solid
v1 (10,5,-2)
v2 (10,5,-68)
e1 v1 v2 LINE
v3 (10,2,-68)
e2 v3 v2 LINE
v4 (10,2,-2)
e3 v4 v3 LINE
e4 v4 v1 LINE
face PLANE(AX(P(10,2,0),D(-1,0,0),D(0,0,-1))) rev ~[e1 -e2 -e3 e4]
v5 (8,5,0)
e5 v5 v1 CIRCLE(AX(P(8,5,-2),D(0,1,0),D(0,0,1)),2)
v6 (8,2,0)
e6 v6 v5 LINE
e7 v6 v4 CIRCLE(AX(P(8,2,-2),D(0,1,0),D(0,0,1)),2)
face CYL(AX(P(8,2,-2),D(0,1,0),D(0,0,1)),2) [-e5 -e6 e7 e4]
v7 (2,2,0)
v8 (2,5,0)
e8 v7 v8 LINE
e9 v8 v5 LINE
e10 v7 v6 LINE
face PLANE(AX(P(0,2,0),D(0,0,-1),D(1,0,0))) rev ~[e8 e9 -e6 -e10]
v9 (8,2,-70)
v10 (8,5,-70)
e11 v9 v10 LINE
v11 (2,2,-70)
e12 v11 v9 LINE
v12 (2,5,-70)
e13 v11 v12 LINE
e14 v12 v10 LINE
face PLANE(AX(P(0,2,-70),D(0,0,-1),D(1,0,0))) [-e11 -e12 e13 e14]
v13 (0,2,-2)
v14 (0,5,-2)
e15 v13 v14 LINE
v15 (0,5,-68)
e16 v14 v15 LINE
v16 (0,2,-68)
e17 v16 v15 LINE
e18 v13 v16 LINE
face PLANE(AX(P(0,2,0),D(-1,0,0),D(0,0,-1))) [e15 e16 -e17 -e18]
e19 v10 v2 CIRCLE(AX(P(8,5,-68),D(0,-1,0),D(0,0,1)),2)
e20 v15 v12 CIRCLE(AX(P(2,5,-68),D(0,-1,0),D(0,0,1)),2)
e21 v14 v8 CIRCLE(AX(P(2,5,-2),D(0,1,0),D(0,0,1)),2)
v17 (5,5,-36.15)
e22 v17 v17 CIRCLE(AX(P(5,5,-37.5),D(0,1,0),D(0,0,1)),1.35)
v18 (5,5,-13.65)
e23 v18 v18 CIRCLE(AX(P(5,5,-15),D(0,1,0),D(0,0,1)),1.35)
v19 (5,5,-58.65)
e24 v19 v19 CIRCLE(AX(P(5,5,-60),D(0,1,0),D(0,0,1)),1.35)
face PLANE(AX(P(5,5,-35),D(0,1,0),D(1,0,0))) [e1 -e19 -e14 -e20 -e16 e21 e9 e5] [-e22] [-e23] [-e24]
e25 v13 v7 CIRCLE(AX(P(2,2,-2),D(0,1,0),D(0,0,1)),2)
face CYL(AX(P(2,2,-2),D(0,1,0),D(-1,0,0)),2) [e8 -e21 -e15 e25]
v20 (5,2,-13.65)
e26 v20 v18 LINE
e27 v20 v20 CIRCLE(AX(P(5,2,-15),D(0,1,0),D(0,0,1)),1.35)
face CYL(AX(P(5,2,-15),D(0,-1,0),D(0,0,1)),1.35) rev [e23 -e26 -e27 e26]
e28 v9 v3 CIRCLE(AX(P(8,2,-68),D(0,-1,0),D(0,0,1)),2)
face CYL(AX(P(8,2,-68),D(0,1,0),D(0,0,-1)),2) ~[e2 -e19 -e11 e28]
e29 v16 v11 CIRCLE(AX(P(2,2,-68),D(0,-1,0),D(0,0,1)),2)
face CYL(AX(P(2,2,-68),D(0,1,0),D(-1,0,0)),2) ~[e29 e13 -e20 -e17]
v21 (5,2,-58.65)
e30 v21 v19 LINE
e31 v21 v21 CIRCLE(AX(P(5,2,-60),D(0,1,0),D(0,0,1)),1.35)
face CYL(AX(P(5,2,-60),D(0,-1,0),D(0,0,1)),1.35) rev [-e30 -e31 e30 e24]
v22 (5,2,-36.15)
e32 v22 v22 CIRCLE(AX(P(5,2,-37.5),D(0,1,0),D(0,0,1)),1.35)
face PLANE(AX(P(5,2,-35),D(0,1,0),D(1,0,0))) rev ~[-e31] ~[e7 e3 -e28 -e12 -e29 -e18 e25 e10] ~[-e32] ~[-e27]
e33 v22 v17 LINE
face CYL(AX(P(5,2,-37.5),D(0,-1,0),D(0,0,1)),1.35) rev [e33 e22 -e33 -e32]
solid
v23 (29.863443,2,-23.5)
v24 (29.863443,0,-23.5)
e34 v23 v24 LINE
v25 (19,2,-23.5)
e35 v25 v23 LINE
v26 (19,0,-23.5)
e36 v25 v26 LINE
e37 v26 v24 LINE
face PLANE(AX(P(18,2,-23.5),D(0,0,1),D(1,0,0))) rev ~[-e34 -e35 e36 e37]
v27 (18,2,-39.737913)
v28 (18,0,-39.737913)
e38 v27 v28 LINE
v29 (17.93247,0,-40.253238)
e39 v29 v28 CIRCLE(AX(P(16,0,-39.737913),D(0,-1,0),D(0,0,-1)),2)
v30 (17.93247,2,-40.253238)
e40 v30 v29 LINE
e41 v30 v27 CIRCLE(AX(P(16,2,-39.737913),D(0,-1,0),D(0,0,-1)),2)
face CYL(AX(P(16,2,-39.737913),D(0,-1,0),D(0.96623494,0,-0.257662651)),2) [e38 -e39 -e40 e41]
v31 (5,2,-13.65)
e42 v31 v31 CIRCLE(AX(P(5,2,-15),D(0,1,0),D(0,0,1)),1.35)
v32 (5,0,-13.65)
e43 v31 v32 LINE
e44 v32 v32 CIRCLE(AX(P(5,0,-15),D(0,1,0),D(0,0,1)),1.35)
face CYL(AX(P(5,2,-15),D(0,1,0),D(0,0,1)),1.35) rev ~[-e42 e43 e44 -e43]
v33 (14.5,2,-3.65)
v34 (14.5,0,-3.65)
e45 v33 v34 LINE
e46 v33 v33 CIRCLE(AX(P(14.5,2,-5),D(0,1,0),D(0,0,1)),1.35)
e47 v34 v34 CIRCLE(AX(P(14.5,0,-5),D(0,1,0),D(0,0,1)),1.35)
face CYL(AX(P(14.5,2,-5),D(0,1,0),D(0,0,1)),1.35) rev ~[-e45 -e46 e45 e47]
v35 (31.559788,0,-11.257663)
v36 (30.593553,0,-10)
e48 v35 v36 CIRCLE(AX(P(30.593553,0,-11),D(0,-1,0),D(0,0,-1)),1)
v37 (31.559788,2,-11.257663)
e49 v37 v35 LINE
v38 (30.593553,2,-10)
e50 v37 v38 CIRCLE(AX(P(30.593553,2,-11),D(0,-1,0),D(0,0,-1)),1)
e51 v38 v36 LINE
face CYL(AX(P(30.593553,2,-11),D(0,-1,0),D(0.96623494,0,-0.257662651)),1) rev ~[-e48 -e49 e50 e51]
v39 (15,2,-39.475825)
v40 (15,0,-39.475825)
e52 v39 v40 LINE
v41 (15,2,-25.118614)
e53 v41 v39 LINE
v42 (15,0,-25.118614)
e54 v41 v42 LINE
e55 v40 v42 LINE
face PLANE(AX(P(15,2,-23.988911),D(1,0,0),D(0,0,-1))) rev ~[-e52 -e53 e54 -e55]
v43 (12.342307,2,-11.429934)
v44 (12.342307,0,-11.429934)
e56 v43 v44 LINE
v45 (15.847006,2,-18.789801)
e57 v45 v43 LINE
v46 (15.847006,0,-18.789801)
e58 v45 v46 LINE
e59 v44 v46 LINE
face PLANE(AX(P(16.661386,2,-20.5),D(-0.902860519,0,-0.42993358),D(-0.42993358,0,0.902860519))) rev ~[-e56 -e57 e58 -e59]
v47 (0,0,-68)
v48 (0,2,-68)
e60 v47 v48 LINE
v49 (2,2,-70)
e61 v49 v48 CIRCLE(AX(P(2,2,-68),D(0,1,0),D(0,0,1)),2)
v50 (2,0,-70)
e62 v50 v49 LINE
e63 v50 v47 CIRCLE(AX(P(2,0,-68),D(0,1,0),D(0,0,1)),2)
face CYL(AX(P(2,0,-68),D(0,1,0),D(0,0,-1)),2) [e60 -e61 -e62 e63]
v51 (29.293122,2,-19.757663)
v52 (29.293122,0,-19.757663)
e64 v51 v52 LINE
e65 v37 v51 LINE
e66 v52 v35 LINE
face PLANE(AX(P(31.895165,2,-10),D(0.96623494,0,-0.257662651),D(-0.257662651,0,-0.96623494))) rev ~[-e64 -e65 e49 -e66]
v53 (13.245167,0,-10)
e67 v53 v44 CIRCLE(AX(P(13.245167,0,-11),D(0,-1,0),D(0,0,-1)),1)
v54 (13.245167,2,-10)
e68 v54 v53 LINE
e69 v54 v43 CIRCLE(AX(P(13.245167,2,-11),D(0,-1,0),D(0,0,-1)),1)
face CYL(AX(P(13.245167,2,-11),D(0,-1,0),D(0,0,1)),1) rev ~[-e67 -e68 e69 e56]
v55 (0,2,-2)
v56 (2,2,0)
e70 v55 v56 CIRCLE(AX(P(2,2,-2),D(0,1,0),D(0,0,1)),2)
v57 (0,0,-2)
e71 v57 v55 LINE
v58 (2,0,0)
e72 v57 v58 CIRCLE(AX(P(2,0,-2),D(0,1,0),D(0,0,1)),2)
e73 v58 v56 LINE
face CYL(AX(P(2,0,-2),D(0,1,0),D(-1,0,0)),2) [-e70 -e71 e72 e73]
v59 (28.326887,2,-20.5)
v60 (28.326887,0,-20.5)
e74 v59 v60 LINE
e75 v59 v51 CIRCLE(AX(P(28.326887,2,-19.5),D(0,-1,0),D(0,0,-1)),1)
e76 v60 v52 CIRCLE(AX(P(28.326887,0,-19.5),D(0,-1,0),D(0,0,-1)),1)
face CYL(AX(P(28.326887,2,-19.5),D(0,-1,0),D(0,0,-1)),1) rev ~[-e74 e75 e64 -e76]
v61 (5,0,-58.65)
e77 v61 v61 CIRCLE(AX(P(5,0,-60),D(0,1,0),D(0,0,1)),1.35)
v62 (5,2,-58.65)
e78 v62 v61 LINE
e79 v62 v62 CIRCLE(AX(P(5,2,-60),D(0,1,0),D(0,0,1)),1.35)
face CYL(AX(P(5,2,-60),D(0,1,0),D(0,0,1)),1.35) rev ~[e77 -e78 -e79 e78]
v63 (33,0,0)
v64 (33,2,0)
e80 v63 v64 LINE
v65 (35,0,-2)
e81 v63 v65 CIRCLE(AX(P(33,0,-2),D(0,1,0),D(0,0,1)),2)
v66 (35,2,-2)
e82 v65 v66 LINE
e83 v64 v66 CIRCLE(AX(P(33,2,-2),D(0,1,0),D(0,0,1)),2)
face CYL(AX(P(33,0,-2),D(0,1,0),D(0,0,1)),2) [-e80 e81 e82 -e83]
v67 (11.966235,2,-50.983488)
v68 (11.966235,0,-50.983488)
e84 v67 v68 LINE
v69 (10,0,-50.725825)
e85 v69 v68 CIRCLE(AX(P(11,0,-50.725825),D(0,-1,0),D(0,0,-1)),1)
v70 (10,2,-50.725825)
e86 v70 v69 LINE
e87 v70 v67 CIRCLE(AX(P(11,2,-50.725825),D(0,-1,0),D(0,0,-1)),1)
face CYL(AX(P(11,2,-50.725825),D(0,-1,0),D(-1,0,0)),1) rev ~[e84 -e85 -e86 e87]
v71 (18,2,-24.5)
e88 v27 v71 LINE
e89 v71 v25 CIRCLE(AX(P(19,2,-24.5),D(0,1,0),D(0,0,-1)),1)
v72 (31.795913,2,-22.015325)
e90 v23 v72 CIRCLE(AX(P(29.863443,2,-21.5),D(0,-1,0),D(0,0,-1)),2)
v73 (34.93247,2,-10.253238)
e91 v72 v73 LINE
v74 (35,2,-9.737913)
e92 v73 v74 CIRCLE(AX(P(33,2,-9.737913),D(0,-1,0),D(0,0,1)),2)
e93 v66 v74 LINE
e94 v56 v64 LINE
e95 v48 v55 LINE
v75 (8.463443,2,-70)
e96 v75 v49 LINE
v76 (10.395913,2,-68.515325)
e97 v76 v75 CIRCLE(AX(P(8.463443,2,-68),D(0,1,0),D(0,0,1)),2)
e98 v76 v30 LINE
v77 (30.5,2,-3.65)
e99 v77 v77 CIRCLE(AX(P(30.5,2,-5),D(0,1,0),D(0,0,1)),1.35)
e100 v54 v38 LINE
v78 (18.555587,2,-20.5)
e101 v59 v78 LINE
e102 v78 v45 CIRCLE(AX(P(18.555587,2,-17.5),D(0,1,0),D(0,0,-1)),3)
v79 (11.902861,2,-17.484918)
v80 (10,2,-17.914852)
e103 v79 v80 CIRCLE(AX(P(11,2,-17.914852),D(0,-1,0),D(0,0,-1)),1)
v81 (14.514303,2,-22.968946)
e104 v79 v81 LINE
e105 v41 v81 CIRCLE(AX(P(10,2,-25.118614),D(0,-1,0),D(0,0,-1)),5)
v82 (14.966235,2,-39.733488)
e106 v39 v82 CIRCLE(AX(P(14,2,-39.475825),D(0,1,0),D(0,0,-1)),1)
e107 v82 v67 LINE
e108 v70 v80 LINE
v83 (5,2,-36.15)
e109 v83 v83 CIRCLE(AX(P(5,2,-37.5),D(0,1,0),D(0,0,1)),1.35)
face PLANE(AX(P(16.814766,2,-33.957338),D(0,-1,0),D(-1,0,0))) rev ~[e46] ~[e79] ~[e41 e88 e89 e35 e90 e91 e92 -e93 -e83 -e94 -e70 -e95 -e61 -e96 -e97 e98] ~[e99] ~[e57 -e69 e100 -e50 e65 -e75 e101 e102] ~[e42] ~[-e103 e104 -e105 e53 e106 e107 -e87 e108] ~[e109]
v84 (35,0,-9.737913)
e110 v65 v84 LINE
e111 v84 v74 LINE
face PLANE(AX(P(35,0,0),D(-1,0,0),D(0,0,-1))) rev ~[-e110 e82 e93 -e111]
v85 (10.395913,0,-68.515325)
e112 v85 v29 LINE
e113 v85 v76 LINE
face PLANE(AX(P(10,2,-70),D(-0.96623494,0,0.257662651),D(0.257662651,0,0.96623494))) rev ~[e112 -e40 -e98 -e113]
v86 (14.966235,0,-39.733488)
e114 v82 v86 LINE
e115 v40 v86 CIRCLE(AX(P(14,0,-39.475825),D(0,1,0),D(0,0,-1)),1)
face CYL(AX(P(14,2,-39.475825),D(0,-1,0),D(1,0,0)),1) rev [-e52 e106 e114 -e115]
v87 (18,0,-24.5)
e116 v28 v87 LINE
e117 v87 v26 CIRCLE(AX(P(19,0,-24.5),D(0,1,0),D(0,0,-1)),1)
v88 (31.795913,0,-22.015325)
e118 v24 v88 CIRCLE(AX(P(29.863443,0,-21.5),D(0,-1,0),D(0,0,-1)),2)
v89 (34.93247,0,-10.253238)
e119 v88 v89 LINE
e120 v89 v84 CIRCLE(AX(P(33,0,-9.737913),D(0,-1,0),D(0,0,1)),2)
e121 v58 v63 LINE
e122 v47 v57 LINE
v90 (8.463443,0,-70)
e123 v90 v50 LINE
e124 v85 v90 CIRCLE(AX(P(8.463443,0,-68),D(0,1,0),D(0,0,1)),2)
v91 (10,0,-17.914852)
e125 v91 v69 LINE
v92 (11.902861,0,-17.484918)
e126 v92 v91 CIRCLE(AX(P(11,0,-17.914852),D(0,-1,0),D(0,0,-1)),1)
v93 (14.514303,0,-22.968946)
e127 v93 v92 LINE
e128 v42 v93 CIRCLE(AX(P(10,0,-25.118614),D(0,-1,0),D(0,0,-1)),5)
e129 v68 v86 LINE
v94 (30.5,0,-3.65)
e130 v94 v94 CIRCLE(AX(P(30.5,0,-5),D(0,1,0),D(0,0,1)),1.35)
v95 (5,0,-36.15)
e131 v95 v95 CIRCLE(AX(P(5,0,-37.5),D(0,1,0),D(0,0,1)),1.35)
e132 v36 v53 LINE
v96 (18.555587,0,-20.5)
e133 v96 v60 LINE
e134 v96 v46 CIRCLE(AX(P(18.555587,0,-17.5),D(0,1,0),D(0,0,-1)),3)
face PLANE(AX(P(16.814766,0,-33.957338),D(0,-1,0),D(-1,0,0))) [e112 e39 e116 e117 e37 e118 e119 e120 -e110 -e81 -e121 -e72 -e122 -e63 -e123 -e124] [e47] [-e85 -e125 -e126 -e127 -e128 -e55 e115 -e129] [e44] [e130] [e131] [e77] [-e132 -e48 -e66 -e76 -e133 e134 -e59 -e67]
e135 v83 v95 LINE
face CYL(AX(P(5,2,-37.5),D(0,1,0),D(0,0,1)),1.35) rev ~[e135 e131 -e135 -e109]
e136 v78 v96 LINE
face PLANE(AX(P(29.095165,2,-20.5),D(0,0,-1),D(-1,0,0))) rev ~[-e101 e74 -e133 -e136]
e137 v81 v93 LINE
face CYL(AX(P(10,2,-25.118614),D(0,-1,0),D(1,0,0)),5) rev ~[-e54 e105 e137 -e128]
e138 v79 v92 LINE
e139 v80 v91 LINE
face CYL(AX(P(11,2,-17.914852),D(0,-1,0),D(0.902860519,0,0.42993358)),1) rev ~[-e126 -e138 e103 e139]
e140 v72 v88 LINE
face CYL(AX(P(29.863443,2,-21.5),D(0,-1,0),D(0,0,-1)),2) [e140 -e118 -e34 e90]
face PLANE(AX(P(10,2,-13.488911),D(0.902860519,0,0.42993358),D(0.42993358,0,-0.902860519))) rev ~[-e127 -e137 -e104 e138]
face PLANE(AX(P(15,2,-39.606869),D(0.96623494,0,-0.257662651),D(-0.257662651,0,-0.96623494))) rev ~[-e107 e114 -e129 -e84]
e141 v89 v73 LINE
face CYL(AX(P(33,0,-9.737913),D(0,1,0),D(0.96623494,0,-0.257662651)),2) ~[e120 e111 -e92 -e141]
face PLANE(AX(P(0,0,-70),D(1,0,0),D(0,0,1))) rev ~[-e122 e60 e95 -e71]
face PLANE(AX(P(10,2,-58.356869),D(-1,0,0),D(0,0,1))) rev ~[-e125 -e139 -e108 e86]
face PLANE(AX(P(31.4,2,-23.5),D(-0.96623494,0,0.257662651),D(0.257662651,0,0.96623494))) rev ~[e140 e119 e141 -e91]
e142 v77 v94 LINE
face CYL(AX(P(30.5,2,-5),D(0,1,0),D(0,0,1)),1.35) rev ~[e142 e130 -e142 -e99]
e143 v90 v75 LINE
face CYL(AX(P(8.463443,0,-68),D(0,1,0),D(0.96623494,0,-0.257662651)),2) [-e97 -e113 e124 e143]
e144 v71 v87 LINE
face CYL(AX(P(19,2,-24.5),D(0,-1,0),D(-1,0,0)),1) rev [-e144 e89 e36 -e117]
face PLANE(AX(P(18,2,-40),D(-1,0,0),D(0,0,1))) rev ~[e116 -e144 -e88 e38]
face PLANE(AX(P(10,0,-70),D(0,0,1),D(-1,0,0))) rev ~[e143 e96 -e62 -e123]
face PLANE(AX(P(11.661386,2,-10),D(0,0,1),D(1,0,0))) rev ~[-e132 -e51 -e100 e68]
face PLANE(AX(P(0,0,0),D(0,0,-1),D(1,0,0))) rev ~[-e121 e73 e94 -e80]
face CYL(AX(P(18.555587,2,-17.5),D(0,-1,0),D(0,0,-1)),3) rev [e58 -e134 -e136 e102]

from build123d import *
from OCP.BRepFilletAPI import BRepFilletAPI_MakeFillet

# Parameters (mm, degrees)
EXTRUDE_1_DEPTH     = 2
CUT_EXTRUDE_1_DEPTH = 3
SKETCH_3_R          = 1.35
CUT_EXTRUDE_2_DEPTH = 79.287930104
EXTRUDE_2_DEPTH     = 2
CUT_EXTRUDE_3_DEPTH = 10
FILLET_2_R          = 2
FILLET_3_R1         = 1
FILLET_3_R2         = 3
FILLET_3_R3         = 5
SKETCH_8_W          = 10
SKETCH_8_H          = 70
SKETCH_8_R          = 1.35
EXTRUDE_4_DEPTH     = 3
FILLET_5_R          = 2


with BuildPart() as part:
    # 草图1 → 凸台-拉伸1 (new body)
    with BuildSketch(Plane(origin=(0, 0, 0), x_dir=(1, 0, 0), z_dir=(0, 1, 0))):
        Polygon((0, 0), (35, 0), (35, 10), (10, 70), (0, 70), align=None)
    extrude(amount=EXTRUDE_1_DEPTH)

    # 草图2 → 切除-拉伸1 (cut)
    with BuildSketch(Plane(origin=(0, 2, 0), x_dir=(1, 0, 0), z_dir=(0, 1, 0))):
        Polygon((35, 10), (10, 10), (10, 70), align=None)
    extrude(amount=-CUT_EXTRUDE_1_DEPTH, mode=Mode.SUBTRACT)

    # 草图3 → 切除-拉伸2 (cut, through all)
    with BuildSketch(Plane(origin=(0, 2, 0), x_dir=(1, 0, 0), z_dir=(0, 1, 0))):
        with Locations(Location((30.5, 5, 0), (0, 0, 270))):
            Circle(SKETCH_3_R)
        with Locations(Location((14.5, 5, 0), (0, 0, 270))):
            Circle(SKETCH_3_R)
        with Locations(Location((5, 15, 0), (0, 0, 270))):
            Circle(SKETCH_3_R)
        with Locations(Location((5, 60, 0), (0, 0, 270))):
            Circle(SKETCH_3_R)
        with Locations(Location((5, 37.5, 0), (0, 0, 270))):
            Circle(SKETCH_3_R)
    extrude(amount=-CUT_EXTRUDE_2_DEPTH, mode=Mode.SUBTRACT)

    # 草图4 → 凸台-拉伸2 (add)
    with BuildSketch(Plane(origin=(0, 2, 0), x_dir=(1, 0, 0), z_dir=(0, 1, 0))):
        Polygon((10, 70), (18, 40), (18, 23.5), (31.4, 23.5), (35, 10), (10, 10), align=None)
    extrude(amount=-EXTRUDE_2_DEPTH)

    # 草图5 → 切除-拉伸3 (cut)
    with BuildSketch(Plane(origin=(0, 2, 0), x_dir=(1, 0, 0), z_dir=(0, 1, 0))):
        Polygon((15, 39.606868978), (10, 58.356868978), (10, 13.488911005), (15, 23.988911005), align=None)
        Polygon((16.661386193, 20.5), (11.661386193, 10), (31.895165061, 10), (29.095165061, 20.5), align=None)
    extrude(amount=-CUT_EXTRUDE_3_DEPTH, mode=Mode.SUBTRACT)

    # 圆角2
    fillet_2_edges = [part.edges().sort_by_distance(p)[0] for p in [
        (18, 1, -40),
        (31.4, 1, -23.5),
        (0, 1, -70),
        (10, 1, -70),
        (35, 1, -10),
        (35, 1, 0),
        (0, 1, 0),
    ]]
    fillet(fillet_2_edges, radius=FILLET_2_R)

    # 圆角3: one fillet with a radius per group of edges: ONE call of the kernel's fillet builder (fillet() takes one radius for all edges)
    fillet_3_edges_1 = [part.edges().sort_by_distance(p)[0] for p in [
        (15, 1, -39.606868978),
        (31.895165061, 1, -10),
        (29.095165061, 1, -20.5),
        (11.661386193, 1, -10),
        (10, 1, -58.356868978),
        (10, 1, -13.488911005),
        (18, 1, -23.5),
    ]]
    fillet_3_edges_2 = [part.edges().sort_by_distance(p)[0] for p in [
        (16.661386193, 1, -20.5),
    ]]
    fillet_3_edges_3 = [part.edges().sort_by_distance(p)[0] for p in [
        (15, 1, -23.988911005),
    ]]
    fillet_3 = BRepFilletAPI_MakeFillet(part.part.solid().wrapped)
    for e in fillet_3_edges_1:
        fillet_3.Add(FILLET_3_R1, e.wrapped)
    for e in fillet_3_edges_2:
        fillet_3.Add(FILLET_3_R2, e.wrapped)
    for e in fillet_3_edges_3:
        fillet_3.Add(FILLET_3_R3, e.wrapped)
    add(Compound.cast(fillet_3.Shape()), mode=Mode.REPLACE)


with BuildPart() as body_2:
    # 草图8 → 凸台-拉伸4 (new body)
    with BuildSketch(Plane(origin=(0, 2, 0), x_dir=(1, 0, 0), z_dir=(0, 1, 0))):
        with Locations((5, 35)):
            Rectangle(SKETCH_8_W, SKETCH_8_H)
        with Locations(Location((5, 15, 0), (0, 0, 270))):
            Circle(SKETCH_8_R, mode=Mode.SUBTRACT)
        with Locations(Location((5, 37.5, 0), (0, 0, 270))):
            Circle(SKETCH_8_R, mode=Mode.SUBTRACT)
        with Locations(Location((5, 60, 0), (0, 0, 270))):
            Circle(SKETCH_8_R, mode=Mode.SUBTRACT)
    extrude(amount=EXTRUDE_4_DEPTH)

    # 圆角5
    fillet_5_edges = [body_2.edges().sort_by_distance(p)[0] for p in [
        (0, 3.5, -70),
        (10, 3.5, -70),
        (10, 3.5, 0),
        (0, 3.5, 0),
    ]]
    fillet(fillet_5_edges, radius=FILLET_5_R)


solid = Compound([part.part, body_2.part])
